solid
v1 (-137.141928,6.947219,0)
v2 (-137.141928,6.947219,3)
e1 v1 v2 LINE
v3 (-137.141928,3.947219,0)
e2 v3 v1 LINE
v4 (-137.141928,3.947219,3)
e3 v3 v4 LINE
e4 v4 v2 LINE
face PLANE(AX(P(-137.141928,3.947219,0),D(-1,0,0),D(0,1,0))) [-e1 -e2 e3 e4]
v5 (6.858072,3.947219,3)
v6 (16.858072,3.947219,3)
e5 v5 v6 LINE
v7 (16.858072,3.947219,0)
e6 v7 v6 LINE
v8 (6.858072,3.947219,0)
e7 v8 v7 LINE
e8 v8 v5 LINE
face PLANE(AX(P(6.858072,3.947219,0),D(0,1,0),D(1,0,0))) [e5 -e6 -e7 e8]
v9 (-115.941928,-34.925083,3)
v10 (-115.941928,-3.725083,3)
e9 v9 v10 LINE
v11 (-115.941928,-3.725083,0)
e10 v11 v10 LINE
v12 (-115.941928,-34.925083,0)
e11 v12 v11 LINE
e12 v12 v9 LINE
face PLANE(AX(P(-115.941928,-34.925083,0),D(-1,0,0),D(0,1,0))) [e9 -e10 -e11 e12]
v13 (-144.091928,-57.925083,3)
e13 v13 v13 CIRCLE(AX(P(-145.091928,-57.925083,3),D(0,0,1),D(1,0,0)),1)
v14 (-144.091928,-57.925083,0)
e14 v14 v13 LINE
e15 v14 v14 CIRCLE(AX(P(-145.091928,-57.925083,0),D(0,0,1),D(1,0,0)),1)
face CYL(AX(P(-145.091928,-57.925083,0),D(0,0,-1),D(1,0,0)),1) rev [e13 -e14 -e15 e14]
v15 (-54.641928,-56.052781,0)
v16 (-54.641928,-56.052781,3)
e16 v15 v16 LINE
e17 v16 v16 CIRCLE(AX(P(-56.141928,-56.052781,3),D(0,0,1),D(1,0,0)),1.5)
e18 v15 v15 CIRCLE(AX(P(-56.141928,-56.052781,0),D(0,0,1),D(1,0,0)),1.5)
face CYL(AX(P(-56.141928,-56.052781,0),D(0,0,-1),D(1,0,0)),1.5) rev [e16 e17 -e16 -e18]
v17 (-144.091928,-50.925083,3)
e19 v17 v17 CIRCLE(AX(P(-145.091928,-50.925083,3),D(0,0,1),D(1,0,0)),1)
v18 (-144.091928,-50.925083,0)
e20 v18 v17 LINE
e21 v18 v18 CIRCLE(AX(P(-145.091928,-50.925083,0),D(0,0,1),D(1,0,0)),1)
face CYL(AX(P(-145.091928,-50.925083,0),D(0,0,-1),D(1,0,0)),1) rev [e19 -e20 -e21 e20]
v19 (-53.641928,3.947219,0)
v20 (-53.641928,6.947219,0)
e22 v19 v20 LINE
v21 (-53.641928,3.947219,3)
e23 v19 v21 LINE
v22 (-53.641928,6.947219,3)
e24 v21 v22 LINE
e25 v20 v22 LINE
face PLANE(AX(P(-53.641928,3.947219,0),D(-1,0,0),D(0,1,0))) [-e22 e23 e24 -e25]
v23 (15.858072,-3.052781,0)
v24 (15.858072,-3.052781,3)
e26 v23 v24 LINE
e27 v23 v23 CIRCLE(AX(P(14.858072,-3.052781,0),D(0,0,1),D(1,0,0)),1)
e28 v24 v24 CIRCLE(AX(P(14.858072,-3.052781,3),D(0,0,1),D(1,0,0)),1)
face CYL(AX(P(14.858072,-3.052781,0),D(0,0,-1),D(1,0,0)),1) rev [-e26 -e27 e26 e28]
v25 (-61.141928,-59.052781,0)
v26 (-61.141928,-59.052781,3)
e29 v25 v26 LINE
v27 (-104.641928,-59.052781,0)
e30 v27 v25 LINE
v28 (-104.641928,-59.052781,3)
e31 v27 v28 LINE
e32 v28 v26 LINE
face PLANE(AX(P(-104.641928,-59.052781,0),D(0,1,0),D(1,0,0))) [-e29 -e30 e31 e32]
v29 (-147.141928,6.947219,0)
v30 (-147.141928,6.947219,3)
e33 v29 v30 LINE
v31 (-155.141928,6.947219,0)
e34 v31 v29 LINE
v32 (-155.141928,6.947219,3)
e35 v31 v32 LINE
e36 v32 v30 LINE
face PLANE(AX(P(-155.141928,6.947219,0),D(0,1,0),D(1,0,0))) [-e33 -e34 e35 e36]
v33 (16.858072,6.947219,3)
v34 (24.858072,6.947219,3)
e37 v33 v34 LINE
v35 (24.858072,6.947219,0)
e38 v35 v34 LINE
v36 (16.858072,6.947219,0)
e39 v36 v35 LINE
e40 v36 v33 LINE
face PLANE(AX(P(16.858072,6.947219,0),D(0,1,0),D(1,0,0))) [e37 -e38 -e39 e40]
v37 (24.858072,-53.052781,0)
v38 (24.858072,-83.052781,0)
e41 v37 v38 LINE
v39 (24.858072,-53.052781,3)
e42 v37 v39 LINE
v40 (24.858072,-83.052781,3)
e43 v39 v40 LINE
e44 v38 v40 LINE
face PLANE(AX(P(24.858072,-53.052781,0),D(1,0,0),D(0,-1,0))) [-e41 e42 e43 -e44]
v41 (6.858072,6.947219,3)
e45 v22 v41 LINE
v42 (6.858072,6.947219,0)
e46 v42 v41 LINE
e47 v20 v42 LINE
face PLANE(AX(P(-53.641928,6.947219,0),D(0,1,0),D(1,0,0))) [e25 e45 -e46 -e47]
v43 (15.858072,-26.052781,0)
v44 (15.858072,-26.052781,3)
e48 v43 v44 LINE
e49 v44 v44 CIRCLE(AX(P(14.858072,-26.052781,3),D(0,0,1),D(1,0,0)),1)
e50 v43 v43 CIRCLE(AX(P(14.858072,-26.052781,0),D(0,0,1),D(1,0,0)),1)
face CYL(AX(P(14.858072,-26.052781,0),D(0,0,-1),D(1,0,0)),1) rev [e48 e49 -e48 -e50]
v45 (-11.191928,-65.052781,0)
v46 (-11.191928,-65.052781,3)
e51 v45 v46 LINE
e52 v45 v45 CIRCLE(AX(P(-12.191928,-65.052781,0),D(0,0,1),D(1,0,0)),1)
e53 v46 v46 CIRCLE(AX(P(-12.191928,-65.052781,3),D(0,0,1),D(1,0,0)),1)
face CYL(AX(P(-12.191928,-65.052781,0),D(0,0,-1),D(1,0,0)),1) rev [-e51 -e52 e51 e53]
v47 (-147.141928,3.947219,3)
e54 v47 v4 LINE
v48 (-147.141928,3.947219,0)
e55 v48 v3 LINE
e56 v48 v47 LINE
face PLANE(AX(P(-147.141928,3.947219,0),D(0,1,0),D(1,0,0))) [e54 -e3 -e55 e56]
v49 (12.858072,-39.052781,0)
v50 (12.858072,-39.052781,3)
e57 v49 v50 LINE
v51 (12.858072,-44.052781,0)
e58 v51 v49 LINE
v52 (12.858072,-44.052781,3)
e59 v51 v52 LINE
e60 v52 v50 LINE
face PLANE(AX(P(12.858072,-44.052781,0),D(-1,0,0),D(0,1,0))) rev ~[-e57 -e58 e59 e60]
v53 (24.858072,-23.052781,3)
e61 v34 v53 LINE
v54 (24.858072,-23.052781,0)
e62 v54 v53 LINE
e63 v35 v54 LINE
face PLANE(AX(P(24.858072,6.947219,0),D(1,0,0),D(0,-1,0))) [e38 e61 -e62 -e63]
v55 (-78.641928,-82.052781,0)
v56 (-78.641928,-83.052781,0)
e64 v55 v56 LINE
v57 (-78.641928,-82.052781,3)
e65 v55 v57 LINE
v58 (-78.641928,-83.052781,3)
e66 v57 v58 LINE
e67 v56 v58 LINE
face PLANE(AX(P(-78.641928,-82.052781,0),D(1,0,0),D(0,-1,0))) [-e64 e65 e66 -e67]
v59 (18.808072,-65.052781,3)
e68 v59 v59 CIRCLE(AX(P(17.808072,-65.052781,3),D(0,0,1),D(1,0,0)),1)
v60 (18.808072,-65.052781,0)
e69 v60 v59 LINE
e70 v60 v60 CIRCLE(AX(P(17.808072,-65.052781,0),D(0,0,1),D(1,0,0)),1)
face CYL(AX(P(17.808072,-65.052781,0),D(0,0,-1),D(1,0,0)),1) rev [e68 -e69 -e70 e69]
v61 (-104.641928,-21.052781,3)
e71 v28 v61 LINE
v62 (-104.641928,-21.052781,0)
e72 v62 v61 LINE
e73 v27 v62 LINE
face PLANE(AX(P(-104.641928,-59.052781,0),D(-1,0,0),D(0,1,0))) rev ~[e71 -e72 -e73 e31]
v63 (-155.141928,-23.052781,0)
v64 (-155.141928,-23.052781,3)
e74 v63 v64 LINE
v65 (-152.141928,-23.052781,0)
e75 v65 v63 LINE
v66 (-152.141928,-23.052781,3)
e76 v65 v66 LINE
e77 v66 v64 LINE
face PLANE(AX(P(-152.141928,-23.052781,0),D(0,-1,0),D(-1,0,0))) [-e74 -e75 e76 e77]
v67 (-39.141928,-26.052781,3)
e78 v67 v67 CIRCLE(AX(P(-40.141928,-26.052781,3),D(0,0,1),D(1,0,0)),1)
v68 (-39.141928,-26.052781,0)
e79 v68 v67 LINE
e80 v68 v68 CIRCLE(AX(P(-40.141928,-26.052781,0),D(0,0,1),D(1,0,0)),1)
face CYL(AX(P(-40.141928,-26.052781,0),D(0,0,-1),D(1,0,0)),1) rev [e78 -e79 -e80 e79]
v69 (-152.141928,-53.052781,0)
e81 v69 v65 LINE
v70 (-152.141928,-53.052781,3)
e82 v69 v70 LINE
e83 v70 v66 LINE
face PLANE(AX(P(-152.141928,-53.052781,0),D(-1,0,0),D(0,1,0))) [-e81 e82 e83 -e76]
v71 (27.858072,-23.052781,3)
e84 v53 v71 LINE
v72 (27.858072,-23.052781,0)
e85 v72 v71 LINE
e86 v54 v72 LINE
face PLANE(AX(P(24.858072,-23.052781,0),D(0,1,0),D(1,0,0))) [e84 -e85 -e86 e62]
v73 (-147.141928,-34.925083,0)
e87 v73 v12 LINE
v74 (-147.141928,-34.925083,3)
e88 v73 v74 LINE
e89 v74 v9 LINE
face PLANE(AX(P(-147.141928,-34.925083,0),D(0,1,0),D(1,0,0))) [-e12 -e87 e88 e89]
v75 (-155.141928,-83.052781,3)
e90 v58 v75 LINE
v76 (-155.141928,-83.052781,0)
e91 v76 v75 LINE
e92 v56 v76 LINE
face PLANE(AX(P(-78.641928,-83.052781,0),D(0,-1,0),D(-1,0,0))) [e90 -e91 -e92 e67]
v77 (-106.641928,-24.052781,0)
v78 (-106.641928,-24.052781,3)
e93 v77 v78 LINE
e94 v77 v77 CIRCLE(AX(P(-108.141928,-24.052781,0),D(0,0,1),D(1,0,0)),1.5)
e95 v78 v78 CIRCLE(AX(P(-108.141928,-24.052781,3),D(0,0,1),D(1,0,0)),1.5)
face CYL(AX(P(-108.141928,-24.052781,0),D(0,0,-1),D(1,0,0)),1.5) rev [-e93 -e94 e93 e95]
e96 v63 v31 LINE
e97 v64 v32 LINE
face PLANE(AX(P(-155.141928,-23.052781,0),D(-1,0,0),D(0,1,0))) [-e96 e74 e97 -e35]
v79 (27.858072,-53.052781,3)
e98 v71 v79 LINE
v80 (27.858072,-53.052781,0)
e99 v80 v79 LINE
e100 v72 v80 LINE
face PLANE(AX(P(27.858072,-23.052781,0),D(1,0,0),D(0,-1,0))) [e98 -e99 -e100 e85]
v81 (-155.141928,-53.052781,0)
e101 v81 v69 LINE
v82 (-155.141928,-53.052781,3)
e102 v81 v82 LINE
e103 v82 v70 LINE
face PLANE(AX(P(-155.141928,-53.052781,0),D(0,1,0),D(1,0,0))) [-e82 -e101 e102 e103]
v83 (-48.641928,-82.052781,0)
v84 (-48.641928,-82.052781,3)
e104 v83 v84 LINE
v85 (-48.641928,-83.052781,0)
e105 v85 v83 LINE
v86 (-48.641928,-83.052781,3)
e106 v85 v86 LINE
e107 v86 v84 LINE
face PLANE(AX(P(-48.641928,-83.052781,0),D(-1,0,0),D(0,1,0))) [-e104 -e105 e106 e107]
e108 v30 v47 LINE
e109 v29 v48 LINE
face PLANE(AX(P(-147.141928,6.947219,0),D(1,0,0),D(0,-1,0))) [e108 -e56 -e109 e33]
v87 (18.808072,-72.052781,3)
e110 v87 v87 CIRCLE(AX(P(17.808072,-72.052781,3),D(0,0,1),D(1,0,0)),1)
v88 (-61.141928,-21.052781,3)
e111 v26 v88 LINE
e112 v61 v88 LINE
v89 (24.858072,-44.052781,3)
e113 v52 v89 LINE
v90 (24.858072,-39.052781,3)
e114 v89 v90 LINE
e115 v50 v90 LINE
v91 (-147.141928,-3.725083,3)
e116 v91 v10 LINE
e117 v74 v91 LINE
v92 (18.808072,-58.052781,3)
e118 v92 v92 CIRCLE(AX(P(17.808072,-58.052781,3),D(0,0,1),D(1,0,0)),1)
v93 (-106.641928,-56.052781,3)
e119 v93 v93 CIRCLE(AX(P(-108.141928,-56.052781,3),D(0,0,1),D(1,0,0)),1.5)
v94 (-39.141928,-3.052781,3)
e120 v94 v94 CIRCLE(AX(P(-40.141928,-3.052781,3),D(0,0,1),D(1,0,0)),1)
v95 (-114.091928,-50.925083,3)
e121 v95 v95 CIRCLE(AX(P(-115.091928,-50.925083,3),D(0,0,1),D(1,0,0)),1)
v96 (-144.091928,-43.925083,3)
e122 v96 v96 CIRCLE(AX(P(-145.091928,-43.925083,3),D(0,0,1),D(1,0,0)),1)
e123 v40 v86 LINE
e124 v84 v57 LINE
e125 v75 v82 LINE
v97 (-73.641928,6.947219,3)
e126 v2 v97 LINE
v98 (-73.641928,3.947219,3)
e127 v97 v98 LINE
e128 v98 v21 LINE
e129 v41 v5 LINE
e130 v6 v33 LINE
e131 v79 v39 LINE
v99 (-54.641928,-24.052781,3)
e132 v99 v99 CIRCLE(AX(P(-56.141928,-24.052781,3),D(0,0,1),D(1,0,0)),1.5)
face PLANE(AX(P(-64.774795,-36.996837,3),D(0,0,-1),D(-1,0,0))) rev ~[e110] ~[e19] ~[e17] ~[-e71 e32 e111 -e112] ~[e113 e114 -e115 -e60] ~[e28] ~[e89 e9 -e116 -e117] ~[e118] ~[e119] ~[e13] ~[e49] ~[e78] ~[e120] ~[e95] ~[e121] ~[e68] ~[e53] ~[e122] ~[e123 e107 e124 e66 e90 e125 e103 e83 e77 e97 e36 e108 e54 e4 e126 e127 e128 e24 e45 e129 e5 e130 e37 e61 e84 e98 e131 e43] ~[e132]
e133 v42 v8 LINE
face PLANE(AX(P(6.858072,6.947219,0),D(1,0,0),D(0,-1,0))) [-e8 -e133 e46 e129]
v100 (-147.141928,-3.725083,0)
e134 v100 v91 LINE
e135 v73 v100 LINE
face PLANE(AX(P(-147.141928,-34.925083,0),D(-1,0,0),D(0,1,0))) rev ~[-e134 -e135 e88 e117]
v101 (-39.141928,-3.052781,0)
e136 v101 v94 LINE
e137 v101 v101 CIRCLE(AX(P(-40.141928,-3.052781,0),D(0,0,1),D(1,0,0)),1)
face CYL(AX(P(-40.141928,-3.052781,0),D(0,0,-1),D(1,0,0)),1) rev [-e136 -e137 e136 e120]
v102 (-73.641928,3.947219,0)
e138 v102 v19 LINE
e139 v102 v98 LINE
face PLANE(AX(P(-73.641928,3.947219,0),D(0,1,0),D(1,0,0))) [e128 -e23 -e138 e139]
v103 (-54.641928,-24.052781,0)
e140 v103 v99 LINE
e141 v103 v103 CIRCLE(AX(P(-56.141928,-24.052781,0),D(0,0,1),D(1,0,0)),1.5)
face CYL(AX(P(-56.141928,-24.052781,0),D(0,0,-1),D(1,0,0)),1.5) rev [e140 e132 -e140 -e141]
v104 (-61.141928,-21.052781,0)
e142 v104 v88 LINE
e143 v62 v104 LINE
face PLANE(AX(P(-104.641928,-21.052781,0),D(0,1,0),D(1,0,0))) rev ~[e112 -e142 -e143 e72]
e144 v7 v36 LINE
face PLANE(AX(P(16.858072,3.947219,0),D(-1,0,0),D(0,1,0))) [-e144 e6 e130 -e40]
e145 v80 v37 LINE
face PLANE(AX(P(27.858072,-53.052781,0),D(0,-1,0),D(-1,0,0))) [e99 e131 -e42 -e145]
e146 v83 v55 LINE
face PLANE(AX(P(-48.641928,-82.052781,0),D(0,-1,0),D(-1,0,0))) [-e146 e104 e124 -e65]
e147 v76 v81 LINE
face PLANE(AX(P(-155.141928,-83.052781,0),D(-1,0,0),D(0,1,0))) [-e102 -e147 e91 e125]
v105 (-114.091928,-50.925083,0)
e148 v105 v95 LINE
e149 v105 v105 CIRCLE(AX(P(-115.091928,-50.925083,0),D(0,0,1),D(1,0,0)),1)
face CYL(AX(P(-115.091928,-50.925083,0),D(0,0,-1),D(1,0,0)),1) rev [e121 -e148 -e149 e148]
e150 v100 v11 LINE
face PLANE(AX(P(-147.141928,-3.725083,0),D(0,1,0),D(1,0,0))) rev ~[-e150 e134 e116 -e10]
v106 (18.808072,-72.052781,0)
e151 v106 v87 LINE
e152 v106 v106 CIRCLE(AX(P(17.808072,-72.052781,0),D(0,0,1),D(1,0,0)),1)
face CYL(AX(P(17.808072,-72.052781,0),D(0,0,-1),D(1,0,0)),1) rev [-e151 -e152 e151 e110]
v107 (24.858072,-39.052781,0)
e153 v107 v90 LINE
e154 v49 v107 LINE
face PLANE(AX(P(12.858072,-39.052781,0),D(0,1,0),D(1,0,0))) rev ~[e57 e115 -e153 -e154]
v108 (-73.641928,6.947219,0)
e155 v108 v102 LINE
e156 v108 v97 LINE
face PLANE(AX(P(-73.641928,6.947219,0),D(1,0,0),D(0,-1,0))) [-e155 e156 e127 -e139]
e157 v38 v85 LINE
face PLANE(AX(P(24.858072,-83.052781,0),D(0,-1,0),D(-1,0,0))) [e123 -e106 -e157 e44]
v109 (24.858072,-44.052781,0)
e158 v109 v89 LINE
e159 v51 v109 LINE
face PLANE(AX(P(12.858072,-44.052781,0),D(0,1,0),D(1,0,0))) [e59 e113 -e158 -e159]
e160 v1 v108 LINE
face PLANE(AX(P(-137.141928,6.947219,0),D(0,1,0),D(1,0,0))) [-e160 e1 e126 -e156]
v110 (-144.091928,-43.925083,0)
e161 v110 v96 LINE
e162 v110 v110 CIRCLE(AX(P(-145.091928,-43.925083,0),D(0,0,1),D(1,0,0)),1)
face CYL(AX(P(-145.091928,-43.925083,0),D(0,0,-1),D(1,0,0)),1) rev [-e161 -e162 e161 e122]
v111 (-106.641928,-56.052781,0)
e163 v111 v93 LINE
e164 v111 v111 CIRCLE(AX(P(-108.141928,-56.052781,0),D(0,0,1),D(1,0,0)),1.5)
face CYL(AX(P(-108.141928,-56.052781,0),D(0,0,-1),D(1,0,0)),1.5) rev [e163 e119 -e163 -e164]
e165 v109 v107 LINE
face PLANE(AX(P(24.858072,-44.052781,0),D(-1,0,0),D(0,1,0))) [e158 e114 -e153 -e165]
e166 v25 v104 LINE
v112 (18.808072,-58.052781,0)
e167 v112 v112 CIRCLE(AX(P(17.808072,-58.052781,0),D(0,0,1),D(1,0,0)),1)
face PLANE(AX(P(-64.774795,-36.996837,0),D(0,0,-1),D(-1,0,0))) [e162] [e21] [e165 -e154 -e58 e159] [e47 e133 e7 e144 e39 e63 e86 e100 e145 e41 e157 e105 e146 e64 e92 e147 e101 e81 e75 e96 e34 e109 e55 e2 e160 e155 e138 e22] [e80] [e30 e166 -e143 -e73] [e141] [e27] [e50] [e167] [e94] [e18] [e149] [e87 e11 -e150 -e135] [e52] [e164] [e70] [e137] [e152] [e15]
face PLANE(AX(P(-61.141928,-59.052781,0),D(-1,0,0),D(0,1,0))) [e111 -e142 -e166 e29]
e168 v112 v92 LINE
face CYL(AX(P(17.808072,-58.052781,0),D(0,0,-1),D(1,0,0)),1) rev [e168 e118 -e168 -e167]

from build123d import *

# Parameters (mm, degrees)
MODEL_R             = 1
MODEL_R_2           = 1.5
MODEL_W             = 31.2
MODEL_H             = 31.2
MODEL_W_2           = 12
MODEL_H_2           = 5
MODEL_W_3           = 43.5
MODEL_H_3           = 38
BOSS_EXTRUDE1_DEPTH = 3


with BuildPart() as part:
    # Model → Boss-Extrude1 (new body)
    with BuildSketch(Plane.XY):
        Polygon((-155.141927583, -53.052781364), (-152.141927583, -53.052781364), (-152.141927583, -23.052781364), (-155.141927583, -23.052781364), (-155.141927583, 6.947218636), (-147.141927583, 6.947218636), (-147.141927583, 3.947218636), (-137.141927583, 3.947218636), (-137.141927583, 6.947218636), (-73.641927583, 6.947218636), (-73.641927583, 3.947218636), (-53.641927583, 3.947218636), (-53.641927583, 6.947218636), (6.858072417, 6.947218636), (6.858072417, 3.947218636), (16.858072417, 3.947218636), (16.858072417, 6.947218636), (24.858072417, 6.947218636), (24.858072417, -23.052781364), (27.858072417, -23.052781364), (27.858072417, -53.052781364), (24.858072417, -53.052781364), (24.858072417, -83.052781364), (-48.641927583, -83.052781364), (-48.641927583, -82.052781364), (-78.641927583, -82.052781364), (-78.641927583, -83.052781364), (-155.141927583, -83.052781364), align=None)
        with Locations((-145.091927583, -50.925083063)):
            Circle(MODEL_R, mode=Mode.SUBTRACT)
        with Locations((-115.091927583, -50.925083063)):
            Circle(MODEL_R, mode=Mode.SUBTRACT)
        with Locations((17.808072417, -65.052781364)):
            Circle(MODEL_R, mode=Mode.SUBTRACT)
        with Locations((-12.191927583, -65.052781364)):
            Circle(MODEL_R, mode=Mode.SUBTRACT)
        with Locations((-108.141927583, -24.052781364)):
            Circle(MODEL_R_2, mode=Mode.SUBTRACT)
        with Locations((-56.141927583, -24.052781364)):
            Circle(MODEL_R_2, mode=Mode.SUBTRACT)
        with Locations((-56.141927583, -56.052781364)):
            Circle(MODEL_R_2, mode=Mode.SUBTRACT)
        with Locations((-108.141927583, -56.052781364)):
            Circle(MODEL_R_2, mode=Mode.SUBTRACT)
        with Locations((17.808072417, -72.052781364)):
            Circle(MODEL_R, mode=Mode.SUBTRACT)
        with Locations((17.808072417, -58.052781364)):
            Circle(MODEL_R, mode=Mode.SUBTRACT)
        with Locations((-145.091927583, -43.925083063)):
            Circle(MODEL_R, mode=Mode.SUBTRACT)
        with Locations((-145.091927583, -57.925083063)):
            Circle(MODEL_R, mode=Mode.SUBTRACT)
        with Locations((-40.141927583, -26.052781364)):
            Circle(MODEL_R, mode=Mode.SUBTRACT)
        with Locations((14.858072417, -26.052781364)):
            Circle(MODEL_R, mode=Mode.SUBTRACT)
        with Locations((-40.141927583, -3.052781364)):
            Circle(MODEL_R, mode=Mode.SUBTRACT)
        with Locations((14.858072417, -3.052781364)):
            Circle(MODEL_R, mode=Mode.SUBTRACT)
        with Locations((-131.541927583, -19.325083063)):
            Rectangle(MODEL_W, MODEL_H, mode=Mode.SUBTRACT)
        with Locations((18.858072417, -41.552781364)):
            Rectangle(MODEL_W_2, MODEL_H_2, mode=Mode.SUBTRACT)
        with Locations((-82.891927583, -40.052781364)):
            Rectangle(MODEL_W_3, MODEL_H_3, mode=Mode.SUBTRACT)
    extrude(amount=BOSS_EXTRUDE1_DEPTH)


solid = part.part
